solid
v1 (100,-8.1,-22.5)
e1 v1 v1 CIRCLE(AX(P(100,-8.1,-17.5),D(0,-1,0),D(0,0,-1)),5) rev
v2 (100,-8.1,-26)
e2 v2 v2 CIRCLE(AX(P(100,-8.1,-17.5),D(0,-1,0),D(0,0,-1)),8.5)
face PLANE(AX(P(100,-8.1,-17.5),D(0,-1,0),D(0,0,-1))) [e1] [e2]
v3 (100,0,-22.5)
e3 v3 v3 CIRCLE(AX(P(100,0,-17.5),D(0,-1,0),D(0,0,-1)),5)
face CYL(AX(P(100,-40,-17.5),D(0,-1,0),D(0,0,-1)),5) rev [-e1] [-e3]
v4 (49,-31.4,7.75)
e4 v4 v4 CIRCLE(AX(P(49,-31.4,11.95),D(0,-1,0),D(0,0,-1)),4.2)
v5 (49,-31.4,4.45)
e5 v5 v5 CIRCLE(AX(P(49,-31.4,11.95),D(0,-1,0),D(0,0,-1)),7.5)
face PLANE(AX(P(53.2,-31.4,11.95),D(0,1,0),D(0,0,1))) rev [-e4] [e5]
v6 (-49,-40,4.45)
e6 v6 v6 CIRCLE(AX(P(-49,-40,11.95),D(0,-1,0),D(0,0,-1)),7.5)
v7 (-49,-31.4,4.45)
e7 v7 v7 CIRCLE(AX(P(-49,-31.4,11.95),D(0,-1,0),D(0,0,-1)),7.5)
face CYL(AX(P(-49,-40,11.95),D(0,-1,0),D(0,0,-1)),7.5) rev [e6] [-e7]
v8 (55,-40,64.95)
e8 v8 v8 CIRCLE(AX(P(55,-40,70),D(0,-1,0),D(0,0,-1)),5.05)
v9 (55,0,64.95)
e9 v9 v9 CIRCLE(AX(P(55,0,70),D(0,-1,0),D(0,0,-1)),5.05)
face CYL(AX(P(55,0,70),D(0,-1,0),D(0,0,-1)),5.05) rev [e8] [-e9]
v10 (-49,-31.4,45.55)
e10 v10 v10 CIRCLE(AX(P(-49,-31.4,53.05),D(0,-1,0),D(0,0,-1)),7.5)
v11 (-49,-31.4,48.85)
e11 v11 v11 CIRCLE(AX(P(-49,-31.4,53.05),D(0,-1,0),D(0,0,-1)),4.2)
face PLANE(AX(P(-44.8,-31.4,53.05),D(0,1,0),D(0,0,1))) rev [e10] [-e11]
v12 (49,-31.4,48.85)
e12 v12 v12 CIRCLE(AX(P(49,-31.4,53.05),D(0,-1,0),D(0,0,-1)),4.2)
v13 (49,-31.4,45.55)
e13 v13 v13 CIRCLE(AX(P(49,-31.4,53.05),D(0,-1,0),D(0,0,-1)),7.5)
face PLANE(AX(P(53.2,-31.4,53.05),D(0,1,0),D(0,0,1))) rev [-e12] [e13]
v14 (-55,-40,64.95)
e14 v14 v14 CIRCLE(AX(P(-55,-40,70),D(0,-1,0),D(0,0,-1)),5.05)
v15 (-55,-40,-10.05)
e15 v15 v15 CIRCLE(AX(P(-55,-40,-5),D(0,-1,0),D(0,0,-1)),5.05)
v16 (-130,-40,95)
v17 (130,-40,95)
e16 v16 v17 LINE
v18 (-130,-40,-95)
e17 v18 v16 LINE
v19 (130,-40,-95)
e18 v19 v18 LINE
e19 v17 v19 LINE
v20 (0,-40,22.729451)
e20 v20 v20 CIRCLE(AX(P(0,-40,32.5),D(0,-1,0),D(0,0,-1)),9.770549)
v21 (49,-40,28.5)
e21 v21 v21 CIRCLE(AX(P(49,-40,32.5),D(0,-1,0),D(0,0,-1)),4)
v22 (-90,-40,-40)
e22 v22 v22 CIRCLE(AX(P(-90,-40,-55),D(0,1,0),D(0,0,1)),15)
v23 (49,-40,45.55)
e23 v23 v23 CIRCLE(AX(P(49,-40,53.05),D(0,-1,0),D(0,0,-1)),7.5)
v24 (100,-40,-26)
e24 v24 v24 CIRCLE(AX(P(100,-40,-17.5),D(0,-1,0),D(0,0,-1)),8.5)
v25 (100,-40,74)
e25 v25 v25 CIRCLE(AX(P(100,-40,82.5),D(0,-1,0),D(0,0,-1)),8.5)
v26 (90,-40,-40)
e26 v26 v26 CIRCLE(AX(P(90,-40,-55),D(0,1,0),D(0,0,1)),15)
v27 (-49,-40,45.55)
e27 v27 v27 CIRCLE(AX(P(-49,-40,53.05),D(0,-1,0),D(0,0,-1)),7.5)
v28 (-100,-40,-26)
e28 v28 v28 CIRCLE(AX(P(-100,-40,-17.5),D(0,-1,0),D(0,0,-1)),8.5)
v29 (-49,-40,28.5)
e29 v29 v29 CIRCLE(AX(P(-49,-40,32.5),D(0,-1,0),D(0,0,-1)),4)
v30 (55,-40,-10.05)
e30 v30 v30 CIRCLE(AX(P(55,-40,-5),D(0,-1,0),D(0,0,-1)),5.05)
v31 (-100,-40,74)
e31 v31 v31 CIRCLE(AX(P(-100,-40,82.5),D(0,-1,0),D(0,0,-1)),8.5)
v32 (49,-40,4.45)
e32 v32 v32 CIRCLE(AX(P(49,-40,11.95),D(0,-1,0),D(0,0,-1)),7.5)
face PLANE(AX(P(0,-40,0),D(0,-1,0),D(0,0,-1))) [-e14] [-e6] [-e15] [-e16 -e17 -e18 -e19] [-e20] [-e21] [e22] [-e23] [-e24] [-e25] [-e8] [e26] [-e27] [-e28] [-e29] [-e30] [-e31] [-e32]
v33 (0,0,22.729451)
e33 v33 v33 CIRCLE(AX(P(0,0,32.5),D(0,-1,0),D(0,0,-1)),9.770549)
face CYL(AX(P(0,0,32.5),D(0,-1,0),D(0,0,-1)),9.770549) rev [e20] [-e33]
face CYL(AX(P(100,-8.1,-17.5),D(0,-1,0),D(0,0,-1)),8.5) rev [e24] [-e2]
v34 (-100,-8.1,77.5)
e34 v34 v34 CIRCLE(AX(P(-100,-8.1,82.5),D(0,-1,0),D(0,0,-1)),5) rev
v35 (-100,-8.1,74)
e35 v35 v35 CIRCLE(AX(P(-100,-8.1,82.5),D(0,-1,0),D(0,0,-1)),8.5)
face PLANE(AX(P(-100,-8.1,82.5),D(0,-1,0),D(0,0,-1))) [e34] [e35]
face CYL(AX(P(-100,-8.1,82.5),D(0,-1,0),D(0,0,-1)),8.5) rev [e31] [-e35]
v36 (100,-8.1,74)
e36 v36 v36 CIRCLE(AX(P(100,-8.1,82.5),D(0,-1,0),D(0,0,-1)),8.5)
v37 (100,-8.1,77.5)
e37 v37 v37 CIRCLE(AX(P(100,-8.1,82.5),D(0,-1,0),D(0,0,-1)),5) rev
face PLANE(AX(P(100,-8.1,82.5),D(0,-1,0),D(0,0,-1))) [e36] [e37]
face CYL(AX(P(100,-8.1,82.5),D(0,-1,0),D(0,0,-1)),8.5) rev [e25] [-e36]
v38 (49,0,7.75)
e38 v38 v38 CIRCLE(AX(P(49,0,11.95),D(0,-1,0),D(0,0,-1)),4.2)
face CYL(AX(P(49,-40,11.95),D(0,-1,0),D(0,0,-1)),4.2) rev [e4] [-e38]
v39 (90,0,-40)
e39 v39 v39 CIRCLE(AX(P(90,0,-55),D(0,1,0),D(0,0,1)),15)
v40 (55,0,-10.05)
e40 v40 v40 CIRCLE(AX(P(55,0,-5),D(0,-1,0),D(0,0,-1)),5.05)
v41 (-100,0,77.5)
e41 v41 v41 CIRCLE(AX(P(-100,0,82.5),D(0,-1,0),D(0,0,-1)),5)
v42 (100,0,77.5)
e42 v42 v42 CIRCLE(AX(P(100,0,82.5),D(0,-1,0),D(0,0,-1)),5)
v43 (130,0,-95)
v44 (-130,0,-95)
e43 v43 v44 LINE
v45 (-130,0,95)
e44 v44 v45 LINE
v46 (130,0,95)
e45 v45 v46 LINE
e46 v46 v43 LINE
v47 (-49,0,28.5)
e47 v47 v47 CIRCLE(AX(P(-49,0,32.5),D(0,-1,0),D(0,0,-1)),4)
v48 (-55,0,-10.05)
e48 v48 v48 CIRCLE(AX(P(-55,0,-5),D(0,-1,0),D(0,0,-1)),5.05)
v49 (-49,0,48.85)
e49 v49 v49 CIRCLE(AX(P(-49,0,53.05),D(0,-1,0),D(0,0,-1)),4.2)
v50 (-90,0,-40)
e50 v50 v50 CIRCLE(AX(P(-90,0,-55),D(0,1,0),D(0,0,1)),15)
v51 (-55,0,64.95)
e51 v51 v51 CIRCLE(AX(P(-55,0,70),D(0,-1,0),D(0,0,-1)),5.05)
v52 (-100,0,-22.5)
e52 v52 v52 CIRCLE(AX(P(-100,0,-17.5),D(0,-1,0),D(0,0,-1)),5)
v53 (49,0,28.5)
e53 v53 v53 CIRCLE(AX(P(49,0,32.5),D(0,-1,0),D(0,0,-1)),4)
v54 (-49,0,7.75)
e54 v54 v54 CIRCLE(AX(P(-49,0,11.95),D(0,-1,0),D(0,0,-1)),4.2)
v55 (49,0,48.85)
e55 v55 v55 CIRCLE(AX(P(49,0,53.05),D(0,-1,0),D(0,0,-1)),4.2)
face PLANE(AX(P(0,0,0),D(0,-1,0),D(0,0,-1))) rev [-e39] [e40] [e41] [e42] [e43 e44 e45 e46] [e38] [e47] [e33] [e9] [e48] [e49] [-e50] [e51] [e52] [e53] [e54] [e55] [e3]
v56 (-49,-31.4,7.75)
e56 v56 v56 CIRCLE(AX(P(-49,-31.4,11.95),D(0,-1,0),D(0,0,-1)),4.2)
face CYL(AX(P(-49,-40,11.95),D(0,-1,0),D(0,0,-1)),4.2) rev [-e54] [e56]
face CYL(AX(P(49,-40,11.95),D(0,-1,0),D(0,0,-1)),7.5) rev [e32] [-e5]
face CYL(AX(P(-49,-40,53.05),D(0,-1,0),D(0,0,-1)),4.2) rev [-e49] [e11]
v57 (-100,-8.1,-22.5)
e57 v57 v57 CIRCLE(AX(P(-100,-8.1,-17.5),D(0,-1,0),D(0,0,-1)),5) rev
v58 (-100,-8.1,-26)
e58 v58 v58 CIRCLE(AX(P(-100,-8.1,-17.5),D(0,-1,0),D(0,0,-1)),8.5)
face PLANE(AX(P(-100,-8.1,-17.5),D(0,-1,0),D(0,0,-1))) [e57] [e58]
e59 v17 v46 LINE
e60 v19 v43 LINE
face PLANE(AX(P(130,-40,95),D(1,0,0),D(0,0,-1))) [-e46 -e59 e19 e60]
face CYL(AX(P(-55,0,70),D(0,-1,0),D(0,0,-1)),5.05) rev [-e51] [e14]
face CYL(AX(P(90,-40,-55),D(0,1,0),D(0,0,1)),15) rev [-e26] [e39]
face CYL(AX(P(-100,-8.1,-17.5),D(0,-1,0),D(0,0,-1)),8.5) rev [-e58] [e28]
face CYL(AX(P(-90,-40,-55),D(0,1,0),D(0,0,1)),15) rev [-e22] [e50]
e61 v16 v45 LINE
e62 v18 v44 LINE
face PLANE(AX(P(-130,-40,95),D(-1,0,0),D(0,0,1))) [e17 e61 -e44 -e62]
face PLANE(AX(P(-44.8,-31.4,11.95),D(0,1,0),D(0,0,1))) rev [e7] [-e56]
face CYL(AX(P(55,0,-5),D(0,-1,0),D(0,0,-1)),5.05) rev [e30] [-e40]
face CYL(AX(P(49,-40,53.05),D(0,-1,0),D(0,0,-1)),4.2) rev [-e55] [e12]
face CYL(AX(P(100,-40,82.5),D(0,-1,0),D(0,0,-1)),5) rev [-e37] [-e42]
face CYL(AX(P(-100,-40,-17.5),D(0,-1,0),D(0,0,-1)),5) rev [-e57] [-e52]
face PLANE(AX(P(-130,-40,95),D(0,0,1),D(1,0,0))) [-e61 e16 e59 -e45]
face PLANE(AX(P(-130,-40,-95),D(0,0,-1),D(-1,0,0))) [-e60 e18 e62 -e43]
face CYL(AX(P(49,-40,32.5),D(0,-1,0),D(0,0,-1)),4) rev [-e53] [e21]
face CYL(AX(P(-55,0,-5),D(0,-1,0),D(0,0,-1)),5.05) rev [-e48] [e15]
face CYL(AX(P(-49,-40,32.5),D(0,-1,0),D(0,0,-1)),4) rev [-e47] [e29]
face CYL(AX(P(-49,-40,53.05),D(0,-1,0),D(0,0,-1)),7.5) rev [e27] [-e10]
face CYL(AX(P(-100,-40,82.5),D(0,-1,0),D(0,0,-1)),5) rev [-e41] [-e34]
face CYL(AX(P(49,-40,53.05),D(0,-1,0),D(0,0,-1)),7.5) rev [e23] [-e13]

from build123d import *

# Parameters (mm, degrees)
SKETCH1_W                                           = 260
SKETCH1_H                                           = 190
BOSS_EXTRUDE1_DEPTH                                 = 40
SKETCH2_R                                           = 15
CUT_EXTRUDE1_DEPTH                                  = 166.90660023
SKETCH3_R                                           = 5.05
CUT_EXTRUDE2_DEPTH                                  = 166.90660023
SKETCH4_R                                           = 9.770548986
CUT_EXTRUDE3_DEPTH                                  = 166.90660023
CBORE_FOR_M8_HEX_SOCKET_HEAD_CAP_SCREW1_D           = 8.4
CBORE_FOR_M8_HEX_SOCKET_HEAD_CAP_SCREW1_CBORE_D     = 15
CBORE_FOR_M8_HEX_SOCKET_HEAD_CAP_SCREW1_CBORE_DEPTH = 8.6
F_8_0MM_DOWEL_HOLE1_D                               = 8
F_10_0MM_DOWEL_HOLE1_D                              = 10
SKETCH15_R                                          = 8.5
CUT_EXTRUDE4_DEPTH                                  = 31.9


with BuildPart() as part:
    # Sketch1 → Boss-Extrude1 (new body)
    with BuildSketch(Plane(origin=(0, 0, 0), x_dir=(1, 0, 0), z_dir=(0, 1, 0))):
        Rectangle(SKETCH1_W, SKETCH1_H)
    extrude(amount=-BOSS_EXTRUDE1_DEPTH)

    # Sketch2 → Cut-Extrude1 (cut, through all)
    with BuildSketch(Plane(origin=(0, 0, 0), x_dir=(1, 0, 0), z_dir=(0, 1, 0))):
        with Locations(Location((-90, 55, 0), (0, 0, 270))):
            Circle(SKETCH2_R)
        with Locations(Location((90, 55, 0), (0, 0, 270))):
            Circle(SKETCH2_R)
    extrude(amount=-CUT_EXTRUDE1_DEPTH, mode=Mode.SUBTRACT)

    # Sketch3 → Cut-Extrude2 (cut, through all)
    with BuildSketch(Plane.XZ.offset(40)):
        with Locations(Location((-55, 70, 0), (0, 0, 270))):
            Circle(SKETCH3_R)
        with Locations(Location((55, 70, 0), (0, 0, 270))):
            Circle(SKETCH3_R)
        with Locations(Location((55, -5, 0), (0, 0, 270))):
            Circle(SKETCH3_R)
        with Locations(Location((-55, -5, 0), (0, 0, 270))):
            Circle(SKETCH3_R)
    extrude(amount=-CUT_EXTRUDE2_DEPTH, mode=Mode.SUBTRACT)

    # Sketch4 → Cut-Extrude3 (cut, through all)
    with BuildSketch(Plane.XZ.offset(40)):
        with Locations(Location((0, 32.5, 0), (0, 0, 270))):
            Circle(SKETCH4_R)
    extrude(amount=-CUT_EXTRUDE3_DEPTH, mode=Mode.SUBTRACT)

    # CBORE for M8 Hex Socket Head Cap Screw1 (through all)
    with Locations(Plane(origin=(0, -40, 0), x_dir=(-1, 0, 0), z_dir=(0, -1, 0))):
        with Locations((-49, -11.95), (-49, -53.05), (49, -53.05), (49, -11.95)):
            CounterBoreHole(CBORE_FOR_M8_HEX_SOCKET_HEAD_CAP_SCREW1_D / 2, CBORE_FOR_M8_HEX_SOCKET_HEAD_CAP_SCREW1_CBORE_D / 2, CBORE_FOR_M8_HEX_SOCKET_HEAD_CAP_SCREW1_CBORE_DEPTH)

    # Ø8.0mm Dowel Hole1 (through all)
    with Locations(Plane(origin=(0, -40, 0), x_dir=(-1, 0, 0), z_dir=(0, -1, 0))):
        with Locations((-49, -32.5), (49, -32.5)):
            Hole(F_8_0MM_DOWEL_HOLE1_D / 2)

    # Ø10.0mm Dowel Hole1 (through all)
    with Locations(Plane(origin=(0, -40, 0), x_dir=(-1, 0, 0), z_dir=(0, -1, 0))):
        with Locations((-100, 17.5), (-100, -82.5), (100, -82.5), (100, 17.5)):
            Hole(F_10_0MM_DOWEL_HOLE1_D / 2)

    # Sketch15 → Cut-Extrude4 (cut)
    with BuildSketch(Plane.XZ.offset(40)):
        with Locations(Location((-100, 82.5, 0), (0, 0, 270))):
            Circle(SKETCH15_R)
        with Locations(Location((100, 82.5, 0), (0, 0, 270))):
            Circle(SKETCH15_R)
        with Locations(Location((100, -17.5, 0), (0, 0, 270))):
            Circle(SKETCH15_R)
        with Locations(Location((-100, -17.5, 0), (0, 0, 270))):
            Circle(SKETCH15_R)
    extrude(amount=-CUT_EXTRUDE4_DEPTH, mode=Mode.SUBTRACT)


solid = part.part
